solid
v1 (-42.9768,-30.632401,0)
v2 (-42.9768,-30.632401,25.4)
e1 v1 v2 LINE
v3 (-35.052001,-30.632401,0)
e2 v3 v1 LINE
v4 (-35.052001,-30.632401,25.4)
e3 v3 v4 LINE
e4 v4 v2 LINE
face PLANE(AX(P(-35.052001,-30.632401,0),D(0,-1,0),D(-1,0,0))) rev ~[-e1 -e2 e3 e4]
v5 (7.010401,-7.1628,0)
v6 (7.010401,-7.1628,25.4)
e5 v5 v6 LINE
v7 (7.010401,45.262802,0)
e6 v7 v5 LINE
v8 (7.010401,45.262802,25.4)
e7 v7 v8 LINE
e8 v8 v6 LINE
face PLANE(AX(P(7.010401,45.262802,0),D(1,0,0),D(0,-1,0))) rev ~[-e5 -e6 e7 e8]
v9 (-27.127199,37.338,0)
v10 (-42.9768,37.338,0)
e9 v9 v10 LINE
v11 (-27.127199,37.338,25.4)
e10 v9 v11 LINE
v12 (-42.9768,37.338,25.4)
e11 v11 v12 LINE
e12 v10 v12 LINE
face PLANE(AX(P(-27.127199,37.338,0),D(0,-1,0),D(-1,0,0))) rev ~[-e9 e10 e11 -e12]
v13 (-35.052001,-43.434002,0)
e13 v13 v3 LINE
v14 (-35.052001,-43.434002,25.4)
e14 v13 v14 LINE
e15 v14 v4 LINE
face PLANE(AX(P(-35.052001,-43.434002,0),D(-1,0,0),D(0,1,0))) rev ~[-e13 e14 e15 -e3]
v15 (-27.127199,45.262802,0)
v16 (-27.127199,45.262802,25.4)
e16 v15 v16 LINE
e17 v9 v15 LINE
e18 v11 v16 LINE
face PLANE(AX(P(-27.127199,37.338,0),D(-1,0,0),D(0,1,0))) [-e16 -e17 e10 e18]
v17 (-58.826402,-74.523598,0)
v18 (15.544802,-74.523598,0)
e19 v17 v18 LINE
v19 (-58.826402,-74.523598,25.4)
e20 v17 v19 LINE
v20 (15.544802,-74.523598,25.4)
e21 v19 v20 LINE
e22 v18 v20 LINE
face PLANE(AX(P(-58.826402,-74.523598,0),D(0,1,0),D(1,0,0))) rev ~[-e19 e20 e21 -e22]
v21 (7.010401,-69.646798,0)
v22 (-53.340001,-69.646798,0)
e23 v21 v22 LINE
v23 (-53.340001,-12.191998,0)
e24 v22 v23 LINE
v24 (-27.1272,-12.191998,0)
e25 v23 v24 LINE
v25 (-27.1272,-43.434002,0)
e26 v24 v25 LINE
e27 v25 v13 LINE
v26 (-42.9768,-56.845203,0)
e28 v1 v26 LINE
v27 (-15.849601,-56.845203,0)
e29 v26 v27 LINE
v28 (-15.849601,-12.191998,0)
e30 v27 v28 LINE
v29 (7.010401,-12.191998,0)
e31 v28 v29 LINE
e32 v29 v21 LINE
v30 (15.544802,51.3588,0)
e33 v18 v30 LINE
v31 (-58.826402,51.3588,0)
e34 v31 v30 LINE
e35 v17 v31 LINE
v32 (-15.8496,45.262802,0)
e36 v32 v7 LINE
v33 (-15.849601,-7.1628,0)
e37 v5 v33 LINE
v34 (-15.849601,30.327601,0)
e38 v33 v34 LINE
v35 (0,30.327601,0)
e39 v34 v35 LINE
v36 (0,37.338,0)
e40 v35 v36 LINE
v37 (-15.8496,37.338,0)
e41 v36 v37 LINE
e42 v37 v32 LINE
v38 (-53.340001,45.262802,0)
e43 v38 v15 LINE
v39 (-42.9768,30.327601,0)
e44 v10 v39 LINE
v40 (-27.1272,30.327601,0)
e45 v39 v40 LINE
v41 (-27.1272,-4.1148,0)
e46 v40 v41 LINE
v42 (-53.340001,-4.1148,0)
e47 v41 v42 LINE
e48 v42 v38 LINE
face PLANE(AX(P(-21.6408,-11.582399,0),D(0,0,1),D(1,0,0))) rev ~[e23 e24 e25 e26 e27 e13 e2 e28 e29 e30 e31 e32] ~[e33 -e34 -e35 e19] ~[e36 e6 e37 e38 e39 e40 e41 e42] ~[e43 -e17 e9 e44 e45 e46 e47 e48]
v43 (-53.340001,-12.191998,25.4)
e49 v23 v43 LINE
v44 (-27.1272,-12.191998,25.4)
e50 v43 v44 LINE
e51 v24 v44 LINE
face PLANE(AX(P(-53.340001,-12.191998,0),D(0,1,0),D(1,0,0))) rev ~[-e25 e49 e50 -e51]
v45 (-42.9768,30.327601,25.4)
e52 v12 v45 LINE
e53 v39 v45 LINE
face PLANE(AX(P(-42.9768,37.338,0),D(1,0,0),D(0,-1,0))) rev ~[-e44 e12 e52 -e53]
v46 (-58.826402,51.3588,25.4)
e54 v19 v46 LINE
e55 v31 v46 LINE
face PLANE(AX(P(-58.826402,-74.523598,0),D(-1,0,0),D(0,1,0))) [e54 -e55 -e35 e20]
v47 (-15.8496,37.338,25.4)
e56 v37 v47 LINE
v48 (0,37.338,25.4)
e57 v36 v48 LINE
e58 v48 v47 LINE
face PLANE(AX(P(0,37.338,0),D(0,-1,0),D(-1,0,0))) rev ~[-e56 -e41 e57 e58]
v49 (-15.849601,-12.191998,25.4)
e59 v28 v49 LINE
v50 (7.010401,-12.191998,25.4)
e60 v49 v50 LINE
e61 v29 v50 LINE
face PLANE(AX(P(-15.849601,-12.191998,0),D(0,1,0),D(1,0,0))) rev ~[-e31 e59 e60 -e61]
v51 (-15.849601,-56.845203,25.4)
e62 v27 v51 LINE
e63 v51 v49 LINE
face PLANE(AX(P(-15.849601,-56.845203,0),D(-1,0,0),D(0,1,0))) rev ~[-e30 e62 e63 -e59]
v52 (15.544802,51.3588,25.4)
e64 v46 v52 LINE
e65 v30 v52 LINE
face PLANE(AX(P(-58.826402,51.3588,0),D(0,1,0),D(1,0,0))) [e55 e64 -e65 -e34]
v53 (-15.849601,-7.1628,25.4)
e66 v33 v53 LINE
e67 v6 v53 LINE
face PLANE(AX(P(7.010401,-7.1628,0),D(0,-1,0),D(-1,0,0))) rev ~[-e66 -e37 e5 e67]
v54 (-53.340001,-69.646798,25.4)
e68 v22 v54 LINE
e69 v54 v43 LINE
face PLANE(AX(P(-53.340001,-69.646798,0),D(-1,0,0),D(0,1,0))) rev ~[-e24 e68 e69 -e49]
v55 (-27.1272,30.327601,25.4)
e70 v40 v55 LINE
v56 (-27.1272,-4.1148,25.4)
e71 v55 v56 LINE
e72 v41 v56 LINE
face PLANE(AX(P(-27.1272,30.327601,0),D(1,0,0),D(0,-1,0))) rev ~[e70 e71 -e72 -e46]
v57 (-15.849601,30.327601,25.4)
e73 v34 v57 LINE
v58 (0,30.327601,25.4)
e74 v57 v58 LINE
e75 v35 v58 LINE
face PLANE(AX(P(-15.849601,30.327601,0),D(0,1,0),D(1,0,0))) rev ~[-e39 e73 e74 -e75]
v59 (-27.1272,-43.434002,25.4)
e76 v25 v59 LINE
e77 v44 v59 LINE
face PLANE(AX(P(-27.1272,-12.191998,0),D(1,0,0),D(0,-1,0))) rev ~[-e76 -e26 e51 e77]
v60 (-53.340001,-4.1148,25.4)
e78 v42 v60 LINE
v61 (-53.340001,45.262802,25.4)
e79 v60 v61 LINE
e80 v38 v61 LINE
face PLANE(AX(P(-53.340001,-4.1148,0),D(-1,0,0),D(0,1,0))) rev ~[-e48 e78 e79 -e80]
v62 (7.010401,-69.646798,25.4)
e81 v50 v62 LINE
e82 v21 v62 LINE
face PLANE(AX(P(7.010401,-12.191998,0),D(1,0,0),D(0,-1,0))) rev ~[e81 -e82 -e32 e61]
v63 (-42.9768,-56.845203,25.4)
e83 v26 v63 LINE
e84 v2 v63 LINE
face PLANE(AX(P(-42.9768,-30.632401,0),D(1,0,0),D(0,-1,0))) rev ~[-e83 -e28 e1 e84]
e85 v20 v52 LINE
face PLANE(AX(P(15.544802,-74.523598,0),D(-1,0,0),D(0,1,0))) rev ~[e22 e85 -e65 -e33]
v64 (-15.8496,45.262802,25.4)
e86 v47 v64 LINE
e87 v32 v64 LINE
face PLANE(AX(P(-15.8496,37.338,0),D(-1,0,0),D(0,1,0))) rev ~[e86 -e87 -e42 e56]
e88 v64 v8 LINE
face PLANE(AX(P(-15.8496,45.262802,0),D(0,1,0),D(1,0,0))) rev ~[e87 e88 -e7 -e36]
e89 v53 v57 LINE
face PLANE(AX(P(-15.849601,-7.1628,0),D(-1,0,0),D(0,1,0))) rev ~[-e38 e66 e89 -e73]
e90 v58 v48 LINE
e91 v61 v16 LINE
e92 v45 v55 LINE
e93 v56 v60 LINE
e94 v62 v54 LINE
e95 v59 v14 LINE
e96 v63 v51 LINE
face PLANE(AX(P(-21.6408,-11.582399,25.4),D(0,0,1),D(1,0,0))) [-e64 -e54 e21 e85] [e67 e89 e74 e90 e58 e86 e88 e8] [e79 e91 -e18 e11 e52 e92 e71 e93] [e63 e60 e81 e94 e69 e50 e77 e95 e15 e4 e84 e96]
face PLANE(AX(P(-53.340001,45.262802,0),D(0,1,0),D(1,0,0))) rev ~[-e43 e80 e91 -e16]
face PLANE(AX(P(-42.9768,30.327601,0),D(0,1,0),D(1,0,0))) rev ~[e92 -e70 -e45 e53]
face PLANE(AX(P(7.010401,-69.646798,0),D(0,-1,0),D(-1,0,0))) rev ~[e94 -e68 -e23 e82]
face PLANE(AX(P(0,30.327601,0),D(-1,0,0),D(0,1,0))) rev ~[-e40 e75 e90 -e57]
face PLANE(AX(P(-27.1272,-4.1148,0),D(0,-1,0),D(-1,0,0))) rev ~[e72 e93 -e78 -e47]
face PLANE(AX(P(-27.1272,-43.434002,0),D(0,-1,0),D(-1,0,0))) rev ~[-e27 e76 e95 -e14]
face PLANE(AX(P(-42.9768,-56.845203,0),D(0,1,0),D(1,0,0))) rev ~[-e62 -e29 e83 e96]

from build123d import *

# Parameters (mm, degrees)
F0_W     = 74.371204
F0_H     = 125.882398
F0_W_2   = 11.277599
F0_H_2   = 7.924802
F1_DEPTH = 25.4


with BuildPart() as f1:
    # F0 (on Top) → F1 (new body)
    with BuildSketch(Plane.XY):
        with Locations((-21.6408, -11.582399)):
            Rectangle(F0_W, F0_H)
        Polygon((-53.340001, -4.1148), (-53.340001, 45.262802), (-27.1272, 45.262802), (-15.849601, 45.262802), (7.010401, 45.262802), (7.010401, -7.1628), (7.010401, -12.191998), (7.010401, -69.646798), (-53.340001, -69.646798), (-53.340001, -12.191998), align=None, mode=Mode.SUBTRACT)
        Polygon((-27.1272, -4.1148), (-53.340001, -4.1148), (-53.340001, -12.191998), (-27.1272, -12.191998), (-27.1272, -43.434002), (-35.052001, -43.434002), (-35.052001, -30.632401), (-42.9768, -30.632401), (-42.9768, -56.845203), (-15.849601, -56.845203), (-15.849601, -12.191998), (7.010401, -12.191998), (7.010401, -7.1628), (-15.849601, -7.1628), (-15.849601, 30.327601), (0, 30.327601), (0, 37.338), (-15.849601, 37.338), (-27.1272, 37.338), (-42.9768, 37.338), (-42.9768, 30.327601), (-27.1272, 30.327601), align=None)
        with Locations((-21.4884, 41.300401)):
            Rectangle(F0_W_2, F0_H_2)
    extrude(amount=F1_DEPTH)


solid = f1.part
